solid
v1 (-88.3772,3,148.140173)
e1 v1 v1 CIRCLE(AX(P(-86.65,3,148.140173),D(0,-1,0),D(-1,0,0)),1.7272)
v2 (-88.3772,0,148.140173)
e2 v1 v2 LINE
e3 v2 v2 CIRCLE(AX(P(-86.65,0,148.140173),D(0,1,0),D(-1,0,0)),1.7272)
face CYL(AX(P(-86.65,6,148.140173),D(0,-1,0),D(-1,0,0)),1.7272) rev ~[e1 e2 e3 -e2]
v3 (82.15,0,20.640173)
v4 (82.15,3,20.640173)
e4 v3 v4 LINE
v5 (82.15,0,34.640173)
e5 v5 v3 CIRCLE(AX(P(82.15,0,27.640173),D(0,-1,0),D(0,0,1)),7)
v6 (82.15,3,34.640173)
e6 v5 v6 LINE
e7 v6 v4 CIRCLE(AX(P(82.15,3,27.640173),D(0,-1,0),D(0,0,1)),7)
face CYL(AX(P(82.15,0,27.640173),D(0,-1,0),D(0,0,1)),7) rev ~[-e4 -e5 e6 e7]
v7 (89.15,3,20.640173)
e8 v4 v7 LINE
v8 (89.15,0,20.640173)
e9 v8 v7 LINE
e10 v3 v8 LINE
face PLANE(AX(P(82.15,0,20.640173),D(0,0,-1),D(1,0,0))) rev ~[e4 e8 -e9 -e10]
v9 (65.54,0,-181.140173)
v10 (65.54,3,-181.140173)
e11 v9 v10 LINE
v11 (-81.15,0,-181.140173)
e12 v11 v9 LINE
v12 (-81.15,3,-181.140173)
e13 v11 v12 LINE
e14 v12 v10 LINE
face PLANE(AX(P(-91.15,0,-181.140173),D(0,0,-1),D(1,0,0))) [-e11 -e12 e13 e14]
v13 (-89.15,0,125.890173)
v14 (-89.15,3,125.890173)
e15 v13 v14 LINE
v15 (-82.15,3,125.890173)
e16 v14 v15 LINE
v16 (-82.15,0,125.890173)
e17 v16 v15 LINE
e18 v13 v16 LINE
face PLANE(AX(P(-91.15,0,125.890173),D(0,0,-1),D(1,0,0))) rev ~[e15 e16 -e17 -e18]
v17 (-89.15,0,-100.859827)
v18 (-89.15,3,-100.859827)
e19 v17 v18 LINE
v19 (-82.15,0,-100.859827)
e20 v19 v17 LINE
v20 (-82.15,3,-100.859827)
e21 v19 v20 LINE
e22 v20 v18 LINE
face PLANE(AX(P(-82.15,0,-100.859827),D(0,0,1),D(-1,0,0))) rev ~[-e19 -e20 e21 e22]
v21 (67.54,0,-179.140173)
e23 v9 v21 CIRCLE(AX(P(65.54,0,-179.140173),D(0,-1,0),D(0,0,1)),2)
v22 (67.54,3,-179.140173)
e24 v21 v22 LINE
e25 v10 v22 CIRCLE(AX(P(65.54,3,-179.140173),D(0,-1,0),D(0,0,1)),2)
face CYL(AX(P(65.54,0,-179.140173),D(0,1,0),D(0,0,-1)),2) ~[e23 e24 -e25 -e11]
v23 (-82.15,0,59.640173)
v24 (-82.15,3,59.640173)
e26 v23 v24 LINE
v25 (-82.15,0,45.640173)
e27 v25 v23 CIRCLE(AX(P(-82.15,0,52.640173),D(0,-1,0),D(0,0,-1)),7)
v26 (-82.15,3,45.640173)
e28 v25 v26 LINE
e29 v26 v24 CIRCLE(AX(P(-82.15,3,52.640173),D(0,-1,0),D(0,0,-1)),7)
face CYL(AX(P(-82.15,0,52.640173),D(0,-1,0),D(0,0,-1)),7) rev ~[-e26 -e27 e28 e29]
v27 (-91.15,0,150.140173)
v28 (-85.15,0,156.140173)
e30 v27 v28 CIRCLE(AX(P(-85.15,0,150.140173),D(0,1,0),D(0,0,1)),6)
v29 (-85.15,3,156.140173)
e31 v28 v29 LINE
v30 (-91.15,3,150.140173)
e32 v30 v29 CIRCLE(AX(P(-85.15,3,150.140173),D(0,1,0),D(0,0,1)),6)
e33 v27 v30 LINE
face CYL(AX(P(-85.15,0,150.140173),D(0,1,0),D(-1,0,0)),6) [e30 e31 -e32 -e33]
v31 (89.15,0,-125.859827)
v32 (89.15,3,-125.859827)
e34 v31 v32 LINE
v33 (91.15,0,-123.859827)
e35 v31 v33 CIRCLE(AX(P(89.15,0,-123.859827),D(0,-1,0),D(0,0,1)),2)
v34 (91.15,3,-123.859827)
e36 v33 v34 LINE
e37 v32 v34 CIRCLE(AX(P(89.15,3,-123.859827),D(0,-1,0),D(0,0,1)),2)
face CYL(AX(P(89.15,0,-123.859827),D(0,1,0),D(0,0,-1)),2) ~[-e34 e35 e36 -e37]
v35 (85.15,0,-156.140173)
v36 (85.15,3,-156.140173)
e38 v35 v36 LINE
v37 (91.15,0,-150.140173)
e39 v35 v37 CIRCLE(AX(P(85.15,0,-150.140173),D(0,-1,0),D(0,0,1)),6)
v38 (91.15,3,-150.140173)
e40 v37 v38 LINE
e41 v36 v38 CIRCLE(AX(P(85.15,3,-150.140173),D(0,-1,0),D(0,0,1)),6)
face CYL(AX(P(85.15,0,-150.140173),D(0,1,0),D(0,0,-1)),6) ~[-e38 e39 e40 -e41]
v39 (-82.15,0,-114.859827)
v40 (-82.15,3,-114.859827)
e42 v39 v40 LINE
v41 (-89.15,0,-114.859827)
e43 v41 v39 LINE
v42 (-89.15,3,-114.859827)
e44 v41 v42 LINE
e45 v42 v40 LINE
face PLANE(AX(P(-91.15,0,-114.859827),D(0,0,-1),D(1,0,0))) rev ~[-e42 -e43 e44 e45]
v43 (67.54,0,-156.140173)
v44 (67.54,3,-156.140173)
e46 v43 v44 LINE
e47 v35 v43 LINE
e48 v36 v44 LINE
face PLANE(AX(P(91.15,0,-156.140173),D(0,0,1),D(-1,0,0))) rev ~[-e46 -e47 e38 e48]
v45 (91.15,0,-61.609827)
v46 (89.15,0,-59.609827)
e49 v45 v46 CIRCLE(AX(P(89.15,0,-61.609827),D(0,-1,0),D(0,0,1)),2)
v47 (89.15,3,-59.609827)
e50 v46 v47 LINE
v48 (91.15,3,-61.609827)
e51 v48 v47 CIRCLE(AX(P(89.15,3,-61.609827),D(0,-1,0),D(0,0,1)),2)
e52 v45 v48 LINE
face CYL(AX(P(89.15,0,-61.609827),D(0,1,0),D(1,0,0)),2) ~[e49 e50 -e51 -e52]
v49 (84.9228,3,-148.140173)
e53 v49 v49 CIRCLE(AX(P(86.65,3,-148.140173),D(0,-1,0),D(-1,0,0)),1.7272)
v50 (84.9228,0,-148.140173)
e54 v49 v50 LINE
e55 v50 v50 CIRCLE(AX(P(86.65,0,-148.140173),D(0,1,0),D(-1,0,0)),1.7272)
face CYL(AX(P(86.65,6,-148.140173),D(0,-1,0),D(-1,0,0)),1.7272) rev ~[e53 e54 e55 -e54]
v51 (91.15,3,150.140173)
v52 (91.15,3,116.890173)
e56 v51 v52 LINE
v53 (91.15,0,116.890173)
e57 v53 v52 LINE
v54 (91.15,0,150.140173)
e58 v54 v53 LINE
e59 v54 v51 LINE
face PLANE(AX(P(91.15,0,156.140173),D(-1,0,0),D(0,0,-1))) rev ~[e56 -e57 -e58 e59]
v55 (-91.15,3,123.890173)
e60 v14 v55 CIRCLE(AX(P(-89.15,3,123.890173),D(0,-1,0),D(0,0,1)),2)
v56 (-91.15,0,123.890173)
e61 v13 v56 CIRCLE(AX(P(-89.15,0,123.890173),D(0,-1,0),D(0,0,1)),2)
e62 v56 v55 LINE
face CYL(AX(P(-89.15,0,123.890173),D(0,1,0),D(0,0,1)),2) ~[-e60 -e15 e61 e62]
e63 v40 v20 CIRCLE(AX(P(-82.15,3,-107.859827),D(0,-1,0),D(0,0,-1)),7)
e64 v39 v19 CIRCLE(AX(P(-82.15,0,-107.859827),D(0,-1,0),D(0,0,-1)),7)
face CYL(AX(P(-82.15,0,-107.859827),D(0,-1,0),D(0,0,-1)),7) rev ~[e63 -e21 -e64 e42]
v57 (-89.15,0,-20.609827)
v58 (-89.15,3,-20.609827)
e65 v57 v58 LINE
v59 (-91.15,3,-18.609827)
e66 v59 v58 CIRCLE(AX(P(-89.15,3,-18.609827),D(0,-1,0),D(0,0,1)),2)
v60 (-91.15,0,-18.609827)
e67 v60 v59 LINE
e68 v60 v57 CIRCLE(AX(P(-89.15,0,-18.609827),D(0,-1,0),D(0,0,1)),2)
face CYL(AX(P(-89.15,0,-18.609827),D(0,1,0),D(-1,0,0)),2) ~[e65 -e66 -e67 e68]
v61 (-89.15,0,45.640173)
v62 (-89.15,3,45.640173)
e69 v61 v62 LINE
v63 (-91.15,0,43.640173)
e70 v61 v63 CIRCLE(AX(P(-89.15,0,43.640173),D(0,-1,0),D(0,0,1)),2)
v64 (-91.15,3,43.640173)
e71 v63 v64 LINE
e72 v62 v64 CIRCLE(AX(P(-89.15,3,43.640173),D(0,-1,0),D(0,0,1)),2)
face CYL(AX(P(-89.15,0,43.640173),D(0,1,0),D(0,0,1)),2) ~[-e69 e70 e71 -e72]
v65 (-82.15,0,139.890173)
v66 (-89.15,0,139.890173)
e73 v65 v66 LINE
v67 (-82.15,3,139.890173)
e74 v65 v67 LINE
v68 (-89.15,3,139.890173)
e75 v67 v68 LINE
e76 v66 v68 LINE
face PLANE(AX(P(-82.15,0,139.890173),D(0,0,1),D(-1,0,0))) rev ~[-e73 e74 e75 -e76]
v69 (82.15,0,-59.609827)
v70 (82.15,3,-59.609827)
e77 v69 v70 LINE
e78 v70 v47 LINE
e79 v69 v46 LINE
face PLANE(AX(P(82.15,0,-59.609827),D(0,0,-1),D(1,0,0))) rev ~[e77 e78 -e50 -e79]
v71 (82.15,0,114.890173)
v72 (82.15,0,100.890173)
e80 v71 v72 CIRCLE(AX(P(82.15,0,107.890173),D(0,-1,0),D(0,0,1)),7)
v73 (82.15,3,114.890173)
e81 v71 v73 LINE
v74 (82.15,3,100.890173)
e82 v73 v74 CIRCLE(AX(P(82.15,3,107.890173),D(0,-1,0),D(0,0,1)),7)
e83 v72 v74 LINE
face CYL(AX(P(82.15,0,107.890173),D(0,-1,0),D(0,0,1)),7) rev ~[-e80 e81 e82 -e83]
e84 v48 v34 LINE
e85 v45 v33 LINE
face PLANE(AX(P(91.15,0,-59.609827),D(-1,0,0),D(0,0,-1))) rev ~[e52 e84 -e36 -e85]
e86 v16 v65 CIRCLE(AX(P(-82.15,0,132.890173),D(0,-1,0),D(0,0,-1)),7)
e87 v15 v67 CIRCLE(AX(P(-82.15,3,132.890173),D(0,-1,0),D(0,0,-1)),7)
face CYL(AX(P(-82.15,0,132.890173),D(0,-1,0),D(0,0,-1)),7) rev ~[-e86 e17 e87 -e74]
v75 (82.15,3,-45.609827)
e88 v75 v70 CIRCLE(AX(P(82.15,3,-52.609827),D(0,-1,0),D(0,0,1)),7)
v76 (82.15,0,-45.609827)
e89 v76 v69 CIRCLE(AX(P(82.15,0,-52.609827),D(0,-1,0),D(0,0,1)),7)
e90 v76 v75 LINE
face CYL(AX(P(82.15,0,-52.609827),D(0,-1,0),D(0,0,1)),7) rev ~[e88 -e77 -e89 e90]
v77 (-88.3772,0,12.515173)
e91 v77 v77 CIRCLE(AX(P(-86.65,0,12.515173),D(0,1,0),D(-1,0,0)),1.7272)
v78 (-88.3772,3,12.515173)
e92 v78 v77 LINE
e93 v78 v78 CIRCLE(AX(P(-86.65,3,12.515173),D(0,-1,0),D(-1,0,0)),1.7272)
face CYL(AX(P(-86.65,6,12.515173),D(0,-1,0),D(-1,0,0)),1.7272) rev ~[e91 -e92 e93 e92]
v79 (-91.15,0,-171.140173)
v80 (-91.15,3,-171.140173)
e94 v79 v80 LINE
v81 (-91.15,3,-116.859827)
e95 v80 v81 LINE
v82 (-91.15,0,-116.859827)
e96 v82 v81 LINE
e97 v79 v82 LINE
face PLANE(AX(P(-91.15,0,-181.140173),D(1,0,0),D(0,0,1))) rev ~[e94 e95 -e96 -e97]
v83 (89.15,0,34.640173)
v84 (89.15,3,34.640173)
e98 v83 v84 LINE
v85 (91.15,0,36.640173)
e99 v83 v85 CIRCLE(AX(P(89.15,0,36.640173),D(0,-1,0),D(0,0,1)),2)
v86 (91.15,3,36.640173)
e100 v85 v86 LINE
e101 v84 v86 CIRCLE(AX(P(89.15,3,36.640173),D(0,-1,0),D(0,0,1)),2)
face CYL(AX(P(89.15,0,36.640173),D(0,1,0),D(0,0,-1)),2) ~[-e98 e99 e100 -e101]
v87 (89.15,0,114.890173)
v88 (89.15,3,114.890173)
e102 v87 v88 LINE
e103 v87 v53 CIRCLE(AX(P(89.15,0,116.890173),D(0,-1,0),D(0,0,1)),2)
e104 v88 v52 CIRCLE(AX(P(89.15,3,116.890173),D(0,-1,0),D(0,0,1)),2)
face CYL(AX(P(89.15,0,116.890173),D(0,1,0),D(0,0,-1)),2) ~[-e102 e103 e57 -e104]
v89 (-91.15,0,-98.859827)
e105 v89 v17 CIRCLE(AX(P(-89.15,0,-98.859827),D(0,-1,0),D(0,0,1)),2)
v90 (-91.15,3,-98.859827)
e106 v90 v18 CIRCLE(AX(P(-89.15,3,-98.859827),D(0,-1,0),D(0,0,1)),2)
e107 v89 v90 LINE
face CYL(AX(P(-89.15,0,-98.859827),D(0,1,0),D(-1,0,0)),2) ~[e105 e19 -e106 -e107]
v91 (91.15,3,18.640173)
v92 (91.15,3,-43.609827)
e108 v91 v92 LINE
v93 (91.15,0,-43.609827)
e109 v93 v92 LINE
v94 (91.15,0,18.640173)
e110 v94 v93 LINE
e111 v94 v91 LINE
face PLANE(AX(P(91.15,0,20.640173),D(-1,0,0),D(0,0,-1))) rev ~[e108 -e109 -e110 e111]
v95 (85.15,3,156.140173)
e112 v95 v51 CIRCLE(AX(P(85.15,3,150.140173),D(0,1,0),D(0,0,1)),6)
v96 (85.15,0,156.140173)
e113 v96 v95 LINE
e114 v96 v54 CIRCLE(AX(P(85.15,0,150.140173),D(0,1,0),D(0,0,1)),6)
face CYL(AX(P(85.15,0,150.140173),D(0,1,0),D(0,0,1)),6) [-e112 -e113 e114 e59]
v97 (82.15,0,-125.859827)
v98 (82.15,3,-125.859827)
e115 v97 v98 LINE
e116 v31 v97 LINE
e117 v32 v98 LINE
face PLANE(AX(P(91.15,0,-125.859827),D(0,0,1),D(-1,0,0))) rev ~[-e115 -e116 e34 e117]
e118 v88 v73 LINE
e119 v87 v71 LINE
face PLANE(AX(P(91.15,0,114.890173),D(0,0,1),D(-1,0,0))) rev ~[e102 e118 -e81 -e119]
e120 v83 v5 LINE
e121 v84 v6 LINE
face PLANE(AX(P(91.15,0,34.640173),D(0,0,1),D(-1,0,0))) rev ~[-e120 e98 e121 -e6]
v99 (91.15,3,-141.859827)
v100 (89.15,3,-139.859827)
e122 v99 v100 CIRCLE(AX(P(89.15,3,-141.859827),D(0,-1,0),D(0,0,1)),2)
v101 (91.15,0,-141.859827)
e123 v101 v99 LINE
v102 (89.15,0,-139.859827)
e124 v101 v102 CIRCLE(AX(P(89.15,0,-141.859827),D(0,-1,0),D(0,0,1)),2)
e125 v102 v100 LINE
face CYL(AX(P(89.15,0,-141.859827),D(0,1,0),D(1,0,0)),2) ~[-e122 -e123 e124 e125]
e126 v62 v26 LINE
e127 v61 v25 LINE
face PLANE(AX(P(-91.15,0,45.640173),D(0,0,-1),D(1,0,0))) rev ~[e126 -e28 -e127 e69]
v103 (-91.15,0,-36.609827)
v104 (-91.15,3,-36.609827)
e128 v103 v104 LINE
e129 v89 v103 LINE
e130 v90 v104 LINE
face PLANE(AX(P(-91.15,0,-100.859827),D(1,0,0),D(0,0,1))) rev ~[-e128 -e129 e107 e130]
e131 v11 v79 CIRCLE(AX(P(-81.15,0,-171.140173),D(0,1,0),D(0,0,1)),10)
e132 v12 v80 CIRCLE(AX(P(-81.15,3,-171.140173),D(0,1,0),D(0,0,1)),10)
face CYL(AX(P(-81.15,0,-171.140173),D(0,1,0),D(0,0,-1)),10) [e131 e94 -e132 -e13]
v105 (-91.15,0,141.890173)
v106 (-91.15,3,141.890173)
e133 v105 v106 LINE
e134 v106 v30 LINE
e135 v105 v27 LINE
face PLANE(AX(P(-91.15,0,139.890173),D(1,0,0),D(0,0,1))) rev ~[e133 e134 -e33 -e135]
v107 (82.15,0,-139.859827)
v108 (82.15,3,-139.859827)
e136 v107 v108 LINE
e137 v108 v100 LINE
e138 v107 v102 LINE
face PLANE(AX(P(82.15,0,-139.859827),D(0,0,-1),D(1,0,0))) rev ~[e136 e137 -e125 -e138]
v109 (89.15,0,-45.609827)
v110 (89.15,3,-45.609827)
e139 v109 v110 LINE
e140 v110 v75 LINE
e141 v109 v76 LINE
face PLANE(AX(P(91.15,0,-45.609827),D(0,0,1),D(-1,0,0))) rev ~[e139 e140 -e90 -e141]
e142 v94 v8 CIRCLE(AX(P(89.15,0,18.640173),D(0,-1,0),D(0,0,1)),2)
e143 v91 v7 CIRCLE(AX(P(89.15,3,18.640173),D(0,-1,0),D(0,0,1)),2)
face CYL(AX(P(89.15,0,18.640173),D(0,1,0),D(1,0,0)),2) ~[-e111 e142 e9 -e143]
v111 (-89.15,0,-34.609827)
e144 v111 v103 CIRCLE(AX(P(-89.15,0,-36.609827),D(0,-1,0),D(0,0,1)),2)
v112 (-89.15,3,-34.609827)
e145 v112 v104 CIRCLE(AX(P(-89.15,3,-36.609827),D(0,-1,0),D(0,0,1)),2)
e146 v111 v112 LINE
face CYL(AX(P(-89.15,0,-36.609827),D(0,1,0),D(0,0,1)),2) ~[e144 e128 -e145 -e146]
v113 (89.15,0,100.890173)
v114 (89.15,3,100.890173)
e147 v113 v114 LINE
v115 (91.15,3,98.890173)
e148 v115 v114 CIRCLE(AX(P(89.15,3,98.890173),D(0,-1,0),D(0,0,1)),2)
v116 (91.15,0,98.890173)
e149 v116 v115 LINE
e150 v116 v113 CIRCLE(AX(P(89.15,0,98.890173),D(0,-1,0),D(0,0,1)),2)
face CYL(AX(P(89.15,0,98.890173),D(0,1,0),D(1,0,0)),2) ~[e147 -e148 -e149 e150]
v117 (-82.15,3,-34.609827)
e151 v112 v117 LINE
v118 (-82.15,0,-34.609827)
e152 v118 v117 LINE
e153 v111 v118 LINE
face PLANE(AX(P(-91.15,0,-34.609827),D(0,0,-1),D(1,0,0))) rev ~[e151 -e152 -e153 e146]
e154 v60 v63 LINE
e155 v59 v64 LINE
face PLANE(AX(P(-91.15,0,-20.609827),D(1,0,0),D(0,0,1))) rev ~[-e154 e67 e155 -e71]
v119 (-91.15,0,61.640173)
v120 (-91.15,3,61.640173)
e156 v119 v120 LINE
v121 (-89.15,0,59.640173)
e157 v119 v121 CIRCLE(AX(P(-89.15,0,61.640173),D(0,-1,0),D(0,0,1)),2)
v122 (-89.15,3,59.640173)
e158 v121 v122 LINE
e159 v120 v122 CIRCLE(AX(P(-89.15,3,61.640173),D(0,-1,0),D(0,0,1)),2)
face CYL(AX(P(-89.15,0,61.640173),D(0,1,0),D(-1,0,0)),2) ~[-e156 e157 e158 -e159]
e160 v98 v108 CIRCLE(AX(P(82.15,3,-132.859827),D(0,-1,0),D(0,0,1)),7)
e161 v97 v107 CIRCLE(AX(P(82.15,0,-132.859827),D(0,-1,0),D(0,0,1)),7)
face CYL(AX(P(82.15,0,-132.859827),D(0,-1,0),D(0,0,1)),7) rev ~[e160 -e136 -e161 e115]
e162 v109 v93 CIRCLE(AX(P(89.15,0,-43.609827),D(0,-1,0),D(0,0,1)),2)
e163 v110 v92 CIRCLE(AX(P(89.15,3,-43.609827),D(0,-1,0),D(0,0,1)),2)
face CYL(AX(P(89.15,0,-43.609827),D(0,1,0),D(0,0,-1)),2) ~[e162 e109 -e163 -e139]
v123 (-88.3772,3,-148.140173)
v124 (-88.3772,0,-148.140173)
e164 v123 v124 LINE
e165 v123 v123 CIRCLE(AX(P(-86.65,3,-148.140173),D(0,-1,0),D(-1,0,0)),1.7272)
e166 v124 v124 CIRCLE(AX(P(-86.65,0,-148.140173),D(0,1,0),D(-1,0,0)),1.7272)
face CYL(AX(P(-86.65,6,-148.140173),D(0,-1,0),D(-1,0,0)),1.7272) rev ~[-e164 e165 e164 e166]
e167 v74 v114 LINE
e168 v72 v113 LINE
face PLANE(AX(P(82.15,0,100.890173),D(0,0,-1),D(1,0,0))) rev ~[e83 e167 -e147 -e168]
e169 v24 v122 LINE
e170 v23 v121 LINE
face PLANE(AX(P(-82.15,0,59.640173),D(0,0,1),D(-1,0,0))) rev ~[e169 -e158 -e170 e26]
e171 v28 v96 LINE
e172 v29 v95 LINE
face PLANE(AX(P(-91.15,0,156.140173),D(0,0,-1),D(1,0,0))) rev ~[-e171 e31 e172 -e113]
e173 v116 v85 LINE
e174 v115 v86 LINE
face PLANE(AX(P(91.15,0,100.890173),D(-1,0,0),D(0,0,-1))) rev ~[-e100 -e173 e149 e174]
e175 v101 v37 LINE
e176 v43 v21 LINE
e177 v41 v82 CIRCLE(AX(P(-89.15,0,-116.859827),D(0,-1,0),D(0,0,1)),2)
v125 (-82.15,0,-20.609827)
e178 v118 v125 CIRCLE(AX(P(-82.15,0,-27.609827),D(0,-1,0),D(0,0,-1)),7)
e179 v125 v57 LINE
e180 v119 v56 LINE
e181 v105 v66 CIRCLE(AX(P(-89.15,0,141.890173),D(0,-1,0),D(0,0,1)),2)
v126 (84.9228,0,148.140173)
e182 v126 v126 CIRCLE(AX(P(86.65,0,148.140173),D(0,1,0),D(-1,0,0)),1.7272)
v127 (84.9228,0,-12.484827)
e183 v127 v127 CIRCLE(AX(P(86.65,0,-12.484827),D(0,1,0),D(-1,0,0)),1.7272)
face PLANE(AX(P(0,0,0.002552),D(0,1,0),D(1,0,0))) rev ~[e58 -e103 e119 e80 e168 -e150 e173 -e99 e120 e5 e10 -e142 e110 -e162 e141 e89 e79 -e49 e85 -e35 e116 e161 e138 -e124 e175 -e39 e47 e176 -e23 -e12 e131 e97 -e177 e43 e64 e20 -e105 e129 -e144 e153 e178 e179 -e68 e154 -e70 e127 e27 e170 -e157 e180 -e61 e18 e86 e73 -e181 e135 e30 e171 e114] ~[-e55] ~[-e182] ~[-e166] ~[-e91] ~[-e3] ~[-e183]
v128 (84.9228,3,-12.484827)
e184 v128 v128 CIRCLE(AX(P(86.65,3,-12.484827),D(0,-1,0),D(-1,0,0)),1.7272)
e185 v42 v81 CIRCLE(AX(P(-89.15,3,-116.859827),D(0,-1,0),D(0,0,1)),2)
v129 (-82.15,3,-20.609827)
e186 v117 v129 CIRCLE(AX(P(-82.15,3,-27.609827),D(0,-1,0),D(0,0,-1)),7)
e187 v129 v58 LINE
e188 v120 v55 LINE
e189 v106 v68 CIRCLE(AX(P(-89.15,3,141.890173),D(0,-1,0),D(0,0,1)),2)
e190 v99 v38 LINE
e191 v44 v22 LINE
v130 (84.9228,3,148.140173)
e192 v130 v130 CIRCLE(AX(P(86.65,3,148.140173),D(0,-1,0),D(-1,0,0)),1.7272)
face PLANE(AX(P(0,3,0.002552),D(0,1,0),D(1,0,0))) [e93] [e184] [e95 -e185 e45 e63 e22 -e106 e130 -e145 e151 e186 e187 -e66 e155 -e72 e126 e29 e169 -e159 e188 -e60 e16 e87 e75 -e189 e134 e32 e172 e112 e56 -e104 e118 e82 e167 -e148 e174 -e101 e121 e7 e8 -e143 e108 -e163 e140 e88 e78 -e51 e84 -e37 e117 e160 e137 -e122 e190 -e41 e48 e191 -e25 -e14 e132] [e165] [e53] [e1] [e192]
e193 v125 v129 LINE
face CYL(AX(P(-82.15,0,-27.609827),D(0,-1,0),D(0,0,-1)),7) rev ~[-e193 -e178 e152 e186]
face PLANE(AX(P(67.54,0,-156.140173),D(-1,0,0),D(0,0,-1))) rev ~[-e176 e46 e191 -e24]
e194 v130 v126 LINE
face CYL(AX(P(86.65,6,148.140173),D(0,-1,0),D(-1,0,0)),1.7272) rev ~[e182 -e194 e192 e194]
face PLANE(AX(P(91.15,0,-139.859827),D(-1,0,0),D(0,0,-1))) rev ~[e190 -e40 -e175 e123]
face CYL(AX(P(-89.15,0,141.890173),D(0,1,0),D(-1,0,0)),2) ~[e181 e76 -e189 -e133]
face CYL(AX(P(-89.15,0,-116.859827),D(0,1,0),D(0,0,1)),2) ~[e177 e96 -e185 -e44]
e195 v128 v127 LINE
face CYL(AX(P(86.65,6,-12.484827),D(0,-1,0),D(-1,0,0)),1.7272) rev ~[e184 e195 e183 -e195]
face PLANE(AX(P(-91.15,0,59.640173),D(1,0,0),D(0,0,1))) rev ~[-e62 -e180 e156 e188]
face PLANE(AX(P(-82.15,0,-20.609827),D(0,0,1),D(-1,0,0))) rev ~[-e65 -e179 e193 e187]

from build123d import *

# Parameters (mm, degrees)
SKETCH1_W                 = 158.69
SKETCH1_H                 = 25
BOSS_EXTRUDE1_DEPTH       = 3
FILLET1_R                 = 10
FILLET2_R                 = 6
F_4_CLEARANCE_HOLE1_D     = 3.4544
F_4_CLEARANCE_HOLE1_DEPTH = 3
F_4_CLEARANCE_HOLE1_TIP   = 1.037806461
FILLET3_R                 = 2


with BuildPart() as part:
    # Sketch1 → Boss-Extrude1 (new body)
    with BuildSketch(Plane(origin=(0, 0, 0), x_dir=(1, 0, 0), z_dir=(0, 1, 0))):
        with BuildLine():
            Line((-91.15, 34.609827366), (-82.15, 34.609827366))
            ThreePointArc((-82.15, 34.609827366), (-75.15, 27.609827366), (-82.15, 20.609827366))
            Line((-82.15, 20.609827366), (-91.15, 20.609827366))
            Line((-91.15, 20.609827366), (-91.15, -45.640172634))
            Line((-91.15, -45.640172634), (-82.15, -45.640172634))
            ThreePointArc((-82.15, -45.640172634), (-75.15, -52.640172634), (-82.15, -59.640172634))
            Line((-82.15, -59.640172634), (-91.15, -59.640172634))
            Line((-91.15, -59.640172634), (-91.15, -125.890172634))
            Line((-91.15, -125.890172634), (-82.15, -125.890172634))
            ThreePointArc((-82.15, -125.890172634), (-75.15, -132.890172634), (-82.15, -139.890172634))
            Line((-82.15, -139.890172634), (-91.15, -139.890172634))
            Line((-91.15, -139.890172634), (-91.15, -156.140172634))
            Line((-91.15, -156.140172634), (91.15, -156.140172634))
            Line((91.15, -156.140172634), (91.15, -114.890172634))
            Line((91.15, -114.890172634), (82.15, -114.890172634))
            ThreePointArc((82.15, -114.890172634), (75.15, -107.890172634), (82.15, -100.890172634))
            Line((82.15, -100.890172634), (91.15, -100.890172634))
            Line((91.15, -100.890172634), (91.15, -34.640172634))
            Line((91.15, -34.640172634), (82.15, -34.640172634))
            ThreePointArc((82.15, -34.640172634), (75.15, -27.640172634), (82.15, -20.640172634))
            Line((82.15, -20.640172634), (91.15, -20.640172634))
            Line((91.15, -20.640172634), (91.15, 45.609827366))
            Line((91.15, 45.609827366), (82.15, 45.609827366))
            ThreePointArc((82.15, 45.609827366), (75.15, 52.609827366), (82.15, 59.609827366))
            Line((82.15, 59.609827366), (91.15, 59.609827366))
            Line((91.15, 59.609827366), (91.15, 125.859827366))
            Line((91.15, 125.859827366), (82.15, 125.859827366))
            ThreePointArc((82.15, 125.859827366), (75.15, 132.859827366), (82.15, 139.859827366))
            Line((82.15, 139.859827366), (91.15, 139.859827366))
            Line((91.15, 139.859827366), (91.15, 156.140172634))
            Line((91.15, 156.140172634), (67.54, 156.140172634))
            Line((67.54, 156.140172634), (-91.15, 156.140172634))
            Line((-91.15, 156.140172634), (-91.15, 114.859827366))
            Line((-91.15, 114.859827366), (-82.15, 114.859827366))
            ThreePointArc((-82.15, 114.859827366), (-75.15, 107.859827366), (-82.15, 100.859827366))
            Line((-82.15, 100.859827366), (-91.15, 100.859827366))
            Line((-91.15, 100.859827366), (-91.15, 34.609827366))
        make_face()
        with Locations((-11.805, 168.640172634)):
            Rectangle(SKETCH1_W, SKETCH1_H)
    extrude(amount=BOSS_EXTRUDE1_DEPTH)

    # Fillet1
    fillet1_edges = [part.edges().sort_by_distance(p)[0] for p in [
        (-91.15, 1.5, -181.140172634),
    ]]
    fillet(fillet1_edges, radius=FILLET1_R)

    # Fillet2
    fillet2_edges = [part.edges().sort_by_distance(p)[0] for p in [
        (91.15, 1.5, 156.140172634),
        (-91.15, 1.5, 156.140172634),
        (91.15, 1.5, -156.140172634),
    ]]
    fillet(fillet2_edges, radius=FILLET2_R)

    # #4 Clearance Hole1
    with Locations(Plane(origin=(0, 3, 0), x_dir=(1, 0, 0), z_dir=(0, 1, 0))):
        with Locations((86.65, 148.140172634), (-86.65, -148.140172634), (-86.65, -12.515172634), (-86.65, 148.140172634), (86.65, 12.484827366), (86.65, -148.140172634)):
            Hole(F_4_CLEARANCE_HOLE1_D / 2, depth=F_4_CLEARANCE_HOLE1_DEPTH)
            with Locations((0, 0, -(F_4_CLEARANCE_HOLE1_DEPTH + F_4_CLEARANCE_HOLE1_TIP / 2))):  # 118° drill point
                Cone(0, F_4_CLEARANCE_HOLE1_D / 2, F_4_CLEARANCE_HOLE1_TIP, mode=Mode.SUBTRACT)

    # Fillet3
    fillet3_edges = [part.edges().sort_by_distance(p)[0] for p in [
        (67.54, 1.5, -181.140172634),
        (91.15, 1.5, -125.859827366),
        (91.15, 1.5, -59.609827366),
        (91.15, 1.5, -45.609827366),
        (91.15, 1.5, 20.640172634),
        (91.15, 1.5, 34.640172634),
        (91.15, 1.5, 100.890172634),
        (91.15, 1.5, 114.890172634),
        (-91.15, 1.5, 139.890172634),
        (-91.15, 1.5, 125.890172634),
        (-91.15, 1.5, 59.640172634),
        (-91.15, 1.5, 45.640172634),
        (-91.15, 1.5, -20.609827366),
        (-91.15, 1.5, -34.609827366),
        (-91.15, 1.5, -100.859827366),
        (-91.15, 1.5, -114.859827366),
        (91.15, 1.5, -139.859827366),
    ]]
    fillet(fillet3_edges, radius=FILLET3_R)


solid = part.part
